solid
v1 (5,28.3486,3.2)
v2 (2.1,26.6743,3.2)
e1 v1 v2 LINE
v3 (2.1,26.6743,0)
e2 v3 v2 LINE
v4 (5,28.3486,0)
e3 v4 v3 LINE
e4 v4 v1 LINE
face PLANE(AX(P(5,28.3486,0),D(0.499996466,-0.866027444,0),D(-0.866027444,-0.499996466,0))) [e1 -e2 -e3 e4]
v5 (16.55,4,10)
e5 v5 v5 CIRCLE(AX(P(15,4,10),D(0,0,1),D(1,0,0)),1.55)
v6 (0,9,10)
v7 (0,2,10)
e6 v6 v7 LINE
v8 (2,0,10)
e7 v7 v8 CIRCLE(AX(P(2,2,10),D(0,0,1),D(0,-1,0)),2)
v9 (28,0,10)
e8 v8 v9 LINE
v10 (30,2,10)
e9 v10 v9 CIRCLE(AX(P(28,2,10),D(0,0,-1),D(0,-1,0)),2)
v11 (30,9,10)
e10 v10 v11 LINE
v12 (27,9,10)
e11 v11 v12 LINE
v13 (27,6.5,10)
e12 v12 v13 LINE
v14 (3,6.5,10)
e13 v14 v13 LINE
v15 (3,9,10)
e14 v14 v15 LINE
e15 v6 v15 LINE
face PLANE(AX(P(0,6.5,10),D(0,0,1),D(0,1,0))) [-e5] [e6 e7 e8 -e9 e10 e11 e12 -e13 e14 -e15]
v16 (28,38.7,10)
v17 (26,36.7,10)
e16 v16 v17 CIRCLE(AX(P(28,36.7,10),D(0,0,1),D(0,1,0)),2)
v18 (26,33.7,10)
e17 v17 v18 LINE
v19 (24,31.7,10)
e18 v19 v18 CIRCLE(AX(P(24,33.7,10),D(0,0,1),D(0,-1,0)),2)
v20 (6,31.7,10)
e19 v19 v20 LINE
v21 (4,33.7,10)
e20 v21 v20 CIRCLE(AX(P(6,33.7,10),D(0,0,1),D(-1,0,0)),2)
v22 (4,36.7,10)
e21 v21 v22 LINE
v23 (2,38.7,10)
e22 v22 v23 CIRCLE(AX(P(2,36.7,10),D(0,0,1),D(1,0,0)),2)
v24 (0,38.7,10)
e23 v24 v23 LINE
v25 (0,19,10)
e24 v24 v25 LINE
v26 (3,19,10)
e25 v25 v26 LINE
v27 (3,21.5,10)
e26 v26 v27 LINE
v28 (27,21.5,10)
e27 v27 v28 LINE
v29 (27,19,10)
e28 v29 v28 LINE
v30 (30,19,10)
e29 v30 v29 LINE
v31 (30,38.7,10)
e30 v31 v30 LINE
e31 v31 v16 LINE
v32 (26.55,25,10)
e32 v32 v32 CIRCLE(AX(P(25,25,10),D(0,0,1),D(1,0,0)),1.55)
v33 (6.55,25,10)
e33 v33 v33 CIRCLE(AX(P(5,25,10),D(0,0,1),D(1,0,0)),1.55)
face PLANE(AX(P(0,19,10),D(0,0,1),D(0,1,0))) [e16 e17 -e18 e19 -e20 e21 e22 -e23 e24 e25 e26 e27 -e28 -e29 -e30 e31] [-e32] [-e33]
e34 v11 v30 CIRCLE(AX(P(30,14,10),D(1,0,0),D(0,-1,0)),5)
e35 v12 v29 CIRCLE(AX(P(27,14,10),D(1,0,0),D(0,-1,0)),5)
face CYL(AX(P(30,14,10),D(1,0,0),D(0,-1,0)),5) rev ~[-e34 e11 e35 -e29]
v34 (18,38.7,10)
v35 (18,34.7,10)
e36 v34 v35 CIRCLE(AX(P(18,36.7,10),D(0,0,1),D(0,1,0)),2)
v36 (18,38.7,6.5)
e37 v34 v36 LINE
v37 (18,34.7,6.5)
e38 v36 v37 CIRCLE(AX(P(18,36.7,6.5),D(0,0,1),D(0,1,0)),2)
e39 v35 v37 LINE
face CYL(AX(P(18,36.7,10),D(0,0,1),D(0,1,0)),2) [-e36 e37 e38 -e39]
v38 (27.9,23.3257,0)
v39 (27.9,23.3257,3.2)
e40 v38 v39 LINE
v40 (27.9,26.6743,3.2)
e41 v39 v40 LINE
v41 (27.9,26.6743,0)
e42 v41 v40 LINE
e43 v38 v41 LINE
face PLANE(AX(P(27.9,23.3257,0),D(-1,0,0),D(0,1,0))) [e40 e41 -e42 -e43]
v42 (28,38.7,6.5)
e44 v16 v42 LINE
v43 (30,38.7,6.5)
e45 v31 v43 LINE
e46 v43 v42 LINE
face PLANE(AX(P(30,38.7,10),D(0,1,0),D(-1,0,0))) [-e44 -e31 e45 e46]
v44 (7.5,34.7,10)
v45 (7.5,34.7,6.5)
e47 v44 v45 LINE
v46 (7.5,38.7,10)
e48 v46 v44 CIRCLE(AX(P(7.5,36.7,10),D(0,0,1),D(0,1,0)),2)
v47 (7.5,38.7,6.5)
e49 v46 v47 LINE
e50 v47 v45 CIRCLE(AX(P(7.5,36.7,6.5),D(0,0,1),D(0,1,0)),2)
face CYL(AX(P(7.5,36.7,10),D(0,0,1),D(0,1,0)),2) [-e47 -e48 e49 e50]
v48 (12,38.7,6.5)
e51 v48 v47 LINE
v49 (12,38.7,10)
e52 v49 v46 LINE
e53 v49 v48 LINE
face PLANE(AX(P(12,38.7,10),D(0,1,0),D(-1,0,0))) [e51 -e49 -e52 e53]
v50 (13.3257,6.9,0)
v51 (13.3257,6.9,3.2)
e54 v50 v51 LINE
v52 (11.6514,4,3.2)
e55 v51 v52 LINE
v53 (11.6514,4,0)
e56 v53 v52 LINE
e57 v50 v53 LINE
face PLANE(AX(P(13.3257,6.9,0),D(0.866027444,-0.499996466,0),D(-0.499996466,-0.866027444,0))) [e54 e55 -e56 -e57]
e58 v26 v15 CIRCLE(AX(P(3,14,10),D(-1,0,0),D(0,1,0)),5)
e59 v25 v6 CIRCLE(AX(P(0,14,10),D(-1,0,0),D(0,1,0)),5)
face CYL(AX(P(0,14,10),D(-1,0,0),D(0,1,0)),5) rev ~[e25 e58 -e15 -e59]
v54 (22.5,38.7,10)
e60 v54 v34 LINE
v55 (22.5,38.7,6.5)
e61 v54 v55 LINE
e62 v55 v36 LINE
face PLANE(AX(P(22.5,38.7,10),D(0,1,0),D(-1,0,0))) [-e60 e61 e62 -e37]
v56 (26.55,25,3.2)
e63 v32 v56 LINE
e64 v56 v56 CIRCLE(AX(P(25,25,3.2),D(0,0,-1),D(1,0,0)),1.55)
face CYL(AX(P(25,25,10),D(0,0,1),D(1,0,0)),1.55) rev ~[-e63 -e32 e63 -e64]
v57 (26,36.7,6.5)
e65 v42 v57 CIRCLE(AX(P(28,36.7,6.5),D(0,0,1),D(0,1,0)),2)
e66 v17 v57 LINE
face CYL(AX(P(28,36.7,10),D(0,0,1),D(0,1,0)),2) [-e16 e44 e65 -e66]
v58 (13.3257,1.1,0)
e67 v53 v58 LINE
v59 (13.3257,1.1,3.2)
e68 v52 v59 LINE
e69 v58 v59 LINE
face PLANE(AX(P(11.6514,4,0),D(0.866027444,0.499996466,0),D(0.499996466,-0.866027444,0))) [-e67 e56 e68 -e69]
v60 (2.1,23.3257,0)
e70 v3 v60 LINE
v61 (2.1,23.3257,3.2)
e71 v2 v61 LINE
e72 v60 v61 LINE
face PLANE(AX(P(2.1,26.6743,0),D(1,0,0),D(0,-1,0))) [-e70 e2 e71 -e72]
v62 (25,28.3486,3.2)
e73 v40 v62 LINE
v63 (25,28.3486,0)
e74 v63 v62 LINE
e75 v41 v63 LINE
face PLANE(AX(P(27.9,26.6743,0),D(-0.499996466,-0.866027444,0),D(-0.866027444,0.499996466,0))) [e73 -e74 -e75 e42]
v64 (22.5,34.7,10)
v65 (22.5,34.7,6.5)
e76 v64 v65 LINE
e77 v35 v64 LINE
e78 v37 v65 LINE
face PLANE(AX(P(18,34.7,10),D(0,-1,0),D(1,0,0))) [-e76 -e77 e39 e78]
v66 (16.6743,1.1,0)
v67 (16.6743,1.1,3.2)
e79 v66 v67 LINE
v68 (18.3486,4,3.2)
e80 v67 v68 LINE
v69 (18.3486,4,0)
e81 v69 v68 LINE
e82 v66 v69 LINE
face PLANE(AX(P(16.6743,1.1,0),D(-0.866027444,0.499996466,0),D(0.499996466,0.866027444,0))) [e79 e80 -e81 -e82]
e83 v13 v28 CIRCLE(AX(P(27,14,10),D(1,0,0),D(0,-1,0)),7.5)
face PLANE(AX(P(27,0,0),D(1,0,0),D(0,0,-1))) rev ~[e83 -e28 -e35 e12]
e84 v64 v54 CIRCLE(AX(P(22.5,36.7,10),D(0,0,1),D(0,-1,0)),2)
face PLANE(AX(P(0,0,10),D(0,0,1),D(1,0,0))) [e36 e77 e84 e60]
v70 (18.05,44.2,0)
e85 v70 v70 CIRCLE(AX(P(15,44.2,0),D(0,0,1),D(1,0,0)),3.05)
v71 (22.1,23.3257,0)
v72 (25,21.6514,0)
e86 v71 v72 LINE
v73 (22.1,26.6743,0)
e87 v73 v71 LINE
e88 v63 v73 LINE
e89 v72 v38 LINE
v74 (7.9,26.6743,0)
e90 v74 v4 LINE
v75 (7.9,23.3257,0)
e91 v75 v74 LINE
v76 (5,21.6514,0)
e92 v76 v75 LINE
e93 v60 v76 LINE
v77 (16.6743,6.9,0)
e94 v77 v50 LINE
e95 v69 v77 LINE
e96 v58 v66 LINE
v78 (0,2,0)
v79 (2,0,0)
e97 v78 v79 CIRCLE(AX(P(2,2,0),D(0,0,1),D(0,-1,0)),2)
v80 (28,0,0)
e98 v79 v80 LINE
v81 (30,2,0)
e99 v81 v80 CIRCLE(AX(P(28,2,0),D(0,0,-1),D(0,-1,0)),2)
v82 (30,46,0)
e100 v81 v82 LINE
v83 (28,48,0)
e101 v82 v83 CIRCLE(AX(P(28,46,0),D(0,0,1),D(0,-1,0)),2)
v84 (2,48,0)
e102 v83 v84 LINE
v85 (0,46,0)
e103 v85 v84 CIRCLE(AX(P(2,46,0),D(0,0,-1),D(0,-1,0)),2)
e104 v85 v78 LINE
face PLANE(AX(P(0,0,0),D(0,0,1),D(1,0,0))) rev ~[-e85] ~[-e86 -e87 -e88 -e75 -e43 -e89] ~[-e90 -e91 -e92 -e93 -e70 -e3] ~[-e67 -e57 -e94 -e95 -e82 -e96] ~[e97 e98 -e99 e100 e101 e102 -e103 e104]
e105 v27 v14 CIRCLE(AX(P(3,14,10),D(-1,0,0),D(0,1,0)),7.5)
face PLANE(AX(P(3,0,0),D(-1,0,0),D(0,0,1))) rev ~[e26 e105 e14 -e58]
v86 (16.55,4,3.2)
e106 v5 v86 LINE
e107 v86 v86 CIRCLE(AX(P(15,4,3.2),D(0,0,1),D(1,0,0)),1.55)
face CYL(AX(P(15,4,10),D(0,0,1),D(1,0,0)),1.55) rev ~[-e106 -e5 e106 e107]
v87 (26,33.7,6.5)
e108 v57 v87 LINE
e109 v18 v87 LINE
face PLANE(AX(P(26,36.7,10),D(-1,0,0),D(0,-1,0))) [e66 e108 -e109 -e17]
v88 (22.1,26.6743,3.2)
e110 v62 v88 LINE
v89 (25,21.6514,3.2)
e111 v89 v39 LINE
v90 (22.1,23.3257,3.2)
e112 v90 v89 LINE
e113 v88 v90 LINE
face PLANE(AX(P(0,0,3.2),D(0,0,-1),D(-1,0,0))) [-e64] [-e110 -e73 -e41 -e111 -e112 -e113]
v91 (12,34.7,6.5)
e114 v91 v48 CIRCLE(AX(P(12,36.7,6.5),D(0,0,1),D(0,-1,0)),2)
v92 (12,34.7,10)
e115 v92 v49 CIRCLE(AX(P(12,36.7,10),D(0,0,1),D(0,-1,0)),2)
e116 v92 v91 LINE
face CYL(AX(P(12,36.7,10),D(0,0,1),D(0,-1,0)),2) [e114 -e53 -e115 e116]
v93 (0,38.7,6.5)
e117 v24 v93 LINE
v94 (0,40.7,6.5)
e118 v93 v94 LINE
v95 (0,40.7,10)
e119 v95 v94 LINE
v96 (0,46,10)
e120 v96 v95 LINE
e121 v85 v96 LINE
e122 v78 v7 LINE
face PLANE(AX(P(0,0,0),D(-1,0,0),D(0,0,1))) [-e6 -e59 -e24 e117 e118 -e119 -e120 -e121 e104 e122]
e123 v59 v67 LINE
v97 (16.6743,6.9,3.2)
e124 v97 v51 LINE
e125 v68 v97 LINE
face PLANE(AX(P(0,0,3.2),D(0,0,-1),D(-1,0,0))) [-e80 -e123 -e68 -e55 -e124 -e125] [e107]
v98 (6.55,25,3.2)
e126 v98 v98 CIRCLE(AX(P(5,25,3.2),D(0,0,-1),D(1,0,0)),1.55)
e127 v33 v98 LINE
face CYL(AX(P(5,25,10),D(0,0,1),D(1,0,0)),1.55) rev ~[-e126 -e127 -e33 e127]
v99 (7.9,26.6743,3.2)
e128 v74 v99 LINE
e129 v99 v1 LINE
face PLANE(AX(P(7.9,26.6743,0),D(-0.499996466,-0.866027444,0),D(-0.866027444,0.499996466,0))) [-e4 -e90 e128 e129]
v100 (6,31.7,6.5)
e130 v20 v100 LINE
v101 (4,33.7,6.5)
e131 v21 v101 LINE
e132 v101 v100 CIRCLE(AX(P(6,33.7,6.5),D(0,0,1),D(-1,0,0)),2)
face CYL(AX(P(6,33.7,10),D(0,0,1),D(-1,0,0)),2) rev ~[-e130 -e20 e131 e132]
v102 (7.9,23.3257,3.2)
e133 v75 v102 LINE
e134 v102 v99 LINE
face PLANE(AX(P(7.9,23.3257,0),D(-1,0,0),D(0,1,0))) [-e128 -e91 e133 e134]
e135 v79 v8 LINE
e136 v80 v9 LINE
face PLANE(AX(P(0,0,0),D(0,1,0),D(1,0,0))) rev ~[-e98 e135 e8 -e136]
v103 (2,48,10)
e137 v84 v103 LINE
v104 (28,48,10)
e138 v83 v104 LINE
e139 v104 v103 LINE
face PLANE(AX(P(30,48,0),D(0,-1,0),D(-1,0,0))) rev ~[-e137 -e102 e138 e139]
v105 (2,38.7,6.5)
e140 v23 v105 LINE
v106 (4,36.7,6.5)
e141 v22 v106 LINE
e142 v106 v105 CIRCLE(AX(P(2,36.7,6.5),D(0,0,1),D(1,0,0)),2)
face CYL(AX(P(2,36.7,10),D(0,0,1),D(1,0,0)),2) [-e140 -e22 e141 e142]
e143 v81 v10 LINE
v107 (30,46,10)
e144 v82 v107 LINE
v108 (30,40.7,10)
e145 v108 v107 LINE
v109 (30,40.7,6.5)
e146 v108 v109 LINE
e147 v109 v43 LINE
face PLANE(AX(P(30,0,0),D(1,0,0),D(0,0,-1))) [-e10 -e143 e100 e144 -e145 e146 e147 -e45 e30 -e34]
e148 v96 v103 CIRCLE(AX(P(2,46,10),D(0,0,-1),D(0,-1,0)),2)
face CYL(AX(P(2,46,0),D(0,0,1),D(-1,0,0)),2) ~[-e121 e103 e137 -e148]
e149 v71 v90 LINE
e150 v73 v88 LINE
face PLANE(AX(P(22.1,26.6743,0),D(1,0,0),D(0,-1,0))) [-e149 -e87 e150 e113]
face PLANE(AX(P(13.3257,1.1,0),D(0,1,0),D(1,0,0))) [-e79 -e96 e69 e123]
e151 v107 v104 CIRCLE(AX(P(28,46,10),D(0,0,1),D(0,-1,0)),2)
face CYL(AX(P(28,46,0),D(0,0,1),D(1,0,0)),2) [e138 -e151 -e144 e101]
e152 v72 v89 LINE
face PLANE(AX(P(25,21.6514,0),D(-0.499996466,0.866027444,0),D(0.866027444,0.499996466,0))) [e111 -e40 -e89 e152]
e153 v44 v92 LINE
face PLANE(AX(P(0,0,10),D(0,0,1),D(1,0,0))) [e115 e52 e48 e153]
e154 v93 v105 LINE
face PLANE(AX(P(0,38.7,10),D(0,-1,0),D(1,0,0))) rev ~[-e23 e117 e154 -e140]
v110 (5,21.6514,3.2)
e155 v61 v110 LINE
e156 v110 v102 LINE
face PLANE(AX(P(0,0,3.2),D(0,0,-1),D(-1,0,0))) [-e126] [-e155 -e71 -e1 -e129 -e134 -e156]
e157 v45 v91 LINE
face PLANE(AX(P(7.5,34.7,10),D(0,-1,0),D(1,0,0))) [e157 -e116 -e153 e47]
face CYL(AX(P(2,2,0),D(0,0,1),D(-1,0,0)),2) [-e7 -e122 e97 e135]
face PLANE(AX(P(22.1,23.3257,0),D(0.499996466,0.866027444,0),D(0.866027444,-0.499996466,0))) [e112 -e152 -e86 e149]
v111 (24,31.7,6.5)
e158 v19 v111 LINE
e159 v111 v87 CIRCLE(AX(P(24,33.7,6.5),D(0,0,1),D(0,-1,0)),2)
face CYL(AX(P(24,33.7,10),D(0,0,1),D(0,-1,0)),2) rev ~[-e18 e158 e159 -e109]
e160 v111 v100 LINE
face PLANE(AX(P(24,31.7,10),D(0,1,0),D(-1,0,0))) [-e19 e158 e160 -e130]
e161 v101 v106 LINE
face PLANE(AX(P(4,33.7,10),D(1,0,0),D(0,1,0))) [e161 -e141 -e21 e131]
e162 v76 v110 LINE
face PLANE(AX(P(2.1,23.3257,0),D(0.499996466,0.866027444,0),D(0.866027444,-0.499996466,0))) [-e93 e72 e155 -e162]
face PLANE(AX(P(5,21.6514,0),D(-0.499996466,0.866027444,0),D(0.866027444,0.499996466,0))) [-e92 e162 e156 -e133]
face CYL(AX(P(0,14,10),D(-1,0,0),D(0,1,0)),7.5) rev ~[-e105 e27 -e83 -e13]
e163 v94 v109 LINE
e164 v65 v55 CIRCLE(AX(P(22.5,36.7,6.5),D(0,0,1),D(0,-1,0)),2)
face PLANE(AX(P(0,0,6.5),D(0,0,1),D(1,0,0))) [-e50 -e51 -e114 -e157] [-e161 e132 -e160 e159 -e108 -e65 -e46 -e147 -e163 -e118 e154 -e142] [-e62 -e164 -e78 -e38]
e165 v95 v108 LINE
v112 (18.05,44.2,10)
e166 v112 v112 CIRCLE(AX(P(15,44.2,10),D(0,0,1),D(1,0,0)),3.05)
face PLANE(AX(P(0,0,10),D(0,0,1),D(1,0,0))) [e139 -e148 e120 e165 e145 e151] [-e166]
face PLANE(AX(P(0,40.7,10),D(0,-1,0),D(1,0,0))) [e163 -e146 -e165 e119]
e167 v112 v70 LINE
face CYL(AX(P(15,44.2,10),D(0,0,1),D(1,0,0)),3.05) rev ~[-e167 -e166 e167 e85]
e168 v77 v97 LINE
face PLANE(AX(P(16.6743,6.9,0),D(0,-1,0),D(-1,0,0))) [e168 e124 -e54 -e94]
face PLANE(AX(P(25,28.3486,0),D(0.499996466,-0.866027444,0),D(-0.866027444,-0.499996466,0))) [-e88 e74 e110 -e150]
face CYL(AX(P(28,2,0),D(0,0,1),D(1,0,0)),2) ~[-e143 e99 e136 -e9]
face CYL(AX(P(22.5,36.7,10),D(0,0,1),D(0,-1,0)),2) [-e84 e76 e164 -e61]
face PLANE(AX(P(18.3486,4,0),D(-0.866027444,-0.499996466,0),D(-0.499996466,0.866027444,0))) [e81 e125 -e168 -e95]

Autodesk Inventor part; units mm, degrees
ref_plane "YZ Plane" through (0, 0, 0) normal (1, 0, 0) x (0, 1, 0)
ref_plane "XZ Plane" through (0, 0, 0) normal (0, 1, 0) x (-1, 0, 0)
ref_plane "XY Plane" through (0, 0, 0) normal (0, 0, 1) x (1, 0, 0)
sketch "Skizze3" plane through (0, 0, 0) normal (0, 0, 1) x (1, 0, 0)
  line L0 (0, 0) -> (30, 0)
  line L1 (30, 0) -> (30, 48)
  line L2 (30, 48) -> (0, 48)
  line L3 (0, 48) -> (0, 0)
  dimension "d14" = 30
  dimension "d15" = 48
extrude "Extrusion3" add sketch "Skizze3" along normal blind 10
sketch "Skizze4" plane through (0, 0, 0) normal (-1, 0, 0) x (0, 0, 1)
  line L0 (10, 0) -> (10, 48) projected
  arc A0 (10, 21.5) -> (10, 6.5) centre (10, 14) ccw
  line L1 (10, 21.5) -> (10, 6.5)
  point P0 (0, 0)
  dimension "d18" = 7.5
  dimension "d19" = 14
extrude "Extrusion4" cut sketch "Skizze4" against normal up to next
sketch "Skizze5" plane through (0, 0, 10) normal (0, 0, 1) x (1, 0, 0)
  line L0 (0, 40.7) -> (30, 40.7)
  line L1 (30, 40.7) -> (30, 38.7)
  line L2 (0, 38.7) -> (0, 40.7)
  line L3 (30, 38.7) -> (28, 38.7)
  line L4 (0, 38.7) -> (2, 38.7)
  line L5 (30, 48) -> (0, 48) projected
  line L6 (26, 36.7) -> (26, 33.7)
  line L7 (24, 31.7) -> (6, 31.7)
  line L8 (4, 33.7) -> (4, 36.7)
  line L9 (0, 21.5) -> (30, 21.5) projected
  arc A0 (4, 36.7) -> (2, 38.7) centre (2, 36.7) ccw
  arc A1 (4, 33.7) -> (6, 31.7) centre (6, 33.7) ccw
  arc A2 (24, 31.7) -> (26, 33.7) centre (24, 33.7) ccw
  arc A3 (28, 38.7) -> (26, 36.7) centre (28, 36.7) ccw
  line L10 (7.5, 36.7) -> (12, 36.7) construction
  line L11 (7.5, 34.7) -> (12, 34.7)
  line L12 (12, 38.7) -> (7.5, 38.7)
  arc A4 (7.5, 38.7) -> (7.5, 34.7) centre (7.5, 36.7) ccw
  arc A5 (12, 34.7) -> (12, 38.7) centre (12, 36.7) ccw
  line L13 (18, 36.7) -> (22.5, 36.7) construction
  line L14 (18, 34.7) -> (22.5, 34.7)
  line L15 (22.5, 38.7) -> (18, 38.7)
  arc A6 (18, 38.7) -> (18, 34.7) centre (18, 36.7) ccw
  arc A7 (22.5, 34.7) -> (22.5, 38.7) centre (22.5, 36.7) ccw
  line L16 (30, 21.5) -> (30, 48) projected
  line L17 (0, 48) -> (0, 21.5) projected
  point P0 (26, 38.7)
  point P1 (4, 38.7)
  point P2 (26, 31.7)
  point P3 (4, 31.7)
  point P4 (9.75, 36.7)
  point P5 (20.25, 36.7)
  dimension "d22" = 2
  dimension "d28" = 4
  dimension "d29" = 4
  dimension "d30" = 2
  dimension "d34" = 7
  dimension "d48" = 2
  dimension "d83" = 7.3
  dimension "d84" = 4.5
  dimension "d85" = 4
  dimension "d86" = 3.5
  dimension "d87" = 5
  dimension "d88" = 4.5
  dimension "d89" = 4
  dimension "d90" = 3.5
  dimension "d91" = 5
extrude "Extrusion5" cut sketch "Skizze5" against normal blind 3.5 contours L0 L1 L3 A3 L6 A2 L7 A1 L8 A0 L4 L2
sketch "Skizze6" plane through (0, 0, 10) normal (0, 0, 1) x (1, 0, 0)
  line L0 (0, 48) -> (0, 0) projected
  line L1 (30, 0) -> (30, 48) projected
  circle A0 centre (15, 44.2) radius 3.05
  line L2 (0, 40.7) -> (30, 40.7) projected
  dimension "d43" = 6.1
  dimension "d44" = 15
  dimension "d45" = 3.5
extrude "Extrusion6" cut sketch "Skizze6" against normal up to next
sketch "Skizze7" plane through (0, 0, 10) normal (0, 0, 1) x (1, 0, 0)
  circle A0 centre (5, 25) radius 1.55
  circle A1 centre (25, 25) radius 1.55
  circle A2 centre (15, 4) radius 1.55
  line L0 (0, 6.5) -> (0, 21.5) projected
  line L1 (30, 21.5) -> (30, 6.5) projected
  line L2 (0, 0) -> (30, 0) projected
  line L3 (0, 6.5) -> (0, 0) projected
  line L4 (0, 21.5) -> (30, 21.5) projected
  point P0 (0, 38.7)
  point P1 (30, 38.7)
  dimension "d49" = 3.1
  dimension "d50" = 3.1
  dimension "d51" = 3.1
  dimension "d53" = 5
  dimension "d54" = 5
  dimension "d55" = 4
  dimension "d74" = 15
  dimension "d75" = 3.5
  dimension "d76" = 3.5
extrude "Extrusion7" cut sketch "Skizze7" against normal up to next
sketch "Skizze8" plane through (30, 0, 0) normal (1, 0, 0) x (0, 0, -1)
  arc A0 (-10, 6.5) -> (-10, 21.5) centre (-10, 14) ccw projected
  arc A1 (-10, 9) -> (-10, 19) centre (-10, 14) ccw
  line L0 (-10, 19) -> (-10, 21.5)
  line L1 (-10, 9) -> (-10, 6.5)
  arc A2 (-10, 6.5) -> (-10, 21.5) centre (-10, 14) ccw
  point P0 (0, 0)
  dimension "d59" = 5
extrude "Extrusion8" add sketch "Skizze8" against normal blind 3
sketch "Skizze10" plane through (0, 0, 0) normal (-1, 0, 0) x (0, 0, 1)
  arc A0 (10, 19) -> (10, 9) centre (10, 14) ccw
  arc A1 (10, 21.5121) -> (10, 6.4879) centre (10, 14) ccw
  arc A2 (10, 19) -> (10, 9) centre (10, 14) ccw projected
  line L0 (10, 19) -> (10, 21.5121)
  line L1 (10, 6.5) -> (10, 21.5) projected
  line L2 (10, 9) -> (10, 6.4879)
  point P0 (0, 0)
  point P1 (10, 38.7)
extrude "Extrusion9" add sketch "Skizze10" against normal blind 3 contours A0 L1 L2 A1 L0
fillet "Rundung1" radius 2 4 edges at (30, 0, 5) (0, 0, 5) (0, 48, 5) (30, 48, 5)
sketch "Skizze14" plane through (0, 0, 0) normal (0, 0, -1) x (-1, 0, 0)
  circle A0 centre (-5, 25) radius 1.55 projected
  circle A1 centre (-5, 25) radius 2.9 construction
  circle A2 centre (-25, 25) radius 1.55 projected
  circle A3 centre (-25, 25) radius 2.9 construction
  line L0 (-7.9, 26.6743) -> (-5, 28.3486)
  line L1 (-5, 28.3486) -> (-2.1, 26.6743)
  line L2 (-2.1, 26.6743) -> (-2.1, 23.3257)
  line L3 (-2.1, 23.3257) -> (-5, 21.6514)
  line L4 (-5, 21.6514) -> (-7.9, 23.3257)
  line L5 (-7.9, 23.3257) -> (-7.9, 26.6743)
  line L6 (-22.1, 23.3257) -> (-25, 21.6514)
  line L7 (-25, 21.6514) -> (-27.9, 23.3257)
  line L8 (-27.9, 23.3257) -> (-27.9, 26.6743)
  line L9 (-27.9, 26.6743) -> (-25, 28.3486)
  line L10 (-25, 28.3486) -> (-22.1, 26.6743)
  line L11 (-22.1, 26.6743) -> (-22.1, 23.3257)
  circle A4 centre (-15, 4) radius 2.9 construction
  line L12 (-16.6743, 1.1) -> (-18.3486, 4)
  line L13 (-18.3486, 4) -> (-16.6743, 6.9)
  line L14 (-16.6743, 6.9) -> (-13.3257, 6.9)
  line L15 (-13.3257, 6.9) -> (-11.6514, 4)
  line L16 (-11.6514, 4) -> (-13.3257, 1.1)
  line L17 (-13.3257, 1.1) -> (-16.6743, 1.1)
  point P0 (0, 0)
  point P1 (-7.9, 25)
  point P2 (-22.1, 25)
  point P3 (-15, 1.1)
  dimension "d92" = 5.8
  dimension "d95" = 5.8
  dimension "d98" = 5.8
  dimension "d99" = 0
  dimension "d100" = 0
extrude "Extrusion13" cut sketch "Skizze14" against normal blind 3.2
properties part number "Lagerblock XY" material "ABS-Kunststoff"
